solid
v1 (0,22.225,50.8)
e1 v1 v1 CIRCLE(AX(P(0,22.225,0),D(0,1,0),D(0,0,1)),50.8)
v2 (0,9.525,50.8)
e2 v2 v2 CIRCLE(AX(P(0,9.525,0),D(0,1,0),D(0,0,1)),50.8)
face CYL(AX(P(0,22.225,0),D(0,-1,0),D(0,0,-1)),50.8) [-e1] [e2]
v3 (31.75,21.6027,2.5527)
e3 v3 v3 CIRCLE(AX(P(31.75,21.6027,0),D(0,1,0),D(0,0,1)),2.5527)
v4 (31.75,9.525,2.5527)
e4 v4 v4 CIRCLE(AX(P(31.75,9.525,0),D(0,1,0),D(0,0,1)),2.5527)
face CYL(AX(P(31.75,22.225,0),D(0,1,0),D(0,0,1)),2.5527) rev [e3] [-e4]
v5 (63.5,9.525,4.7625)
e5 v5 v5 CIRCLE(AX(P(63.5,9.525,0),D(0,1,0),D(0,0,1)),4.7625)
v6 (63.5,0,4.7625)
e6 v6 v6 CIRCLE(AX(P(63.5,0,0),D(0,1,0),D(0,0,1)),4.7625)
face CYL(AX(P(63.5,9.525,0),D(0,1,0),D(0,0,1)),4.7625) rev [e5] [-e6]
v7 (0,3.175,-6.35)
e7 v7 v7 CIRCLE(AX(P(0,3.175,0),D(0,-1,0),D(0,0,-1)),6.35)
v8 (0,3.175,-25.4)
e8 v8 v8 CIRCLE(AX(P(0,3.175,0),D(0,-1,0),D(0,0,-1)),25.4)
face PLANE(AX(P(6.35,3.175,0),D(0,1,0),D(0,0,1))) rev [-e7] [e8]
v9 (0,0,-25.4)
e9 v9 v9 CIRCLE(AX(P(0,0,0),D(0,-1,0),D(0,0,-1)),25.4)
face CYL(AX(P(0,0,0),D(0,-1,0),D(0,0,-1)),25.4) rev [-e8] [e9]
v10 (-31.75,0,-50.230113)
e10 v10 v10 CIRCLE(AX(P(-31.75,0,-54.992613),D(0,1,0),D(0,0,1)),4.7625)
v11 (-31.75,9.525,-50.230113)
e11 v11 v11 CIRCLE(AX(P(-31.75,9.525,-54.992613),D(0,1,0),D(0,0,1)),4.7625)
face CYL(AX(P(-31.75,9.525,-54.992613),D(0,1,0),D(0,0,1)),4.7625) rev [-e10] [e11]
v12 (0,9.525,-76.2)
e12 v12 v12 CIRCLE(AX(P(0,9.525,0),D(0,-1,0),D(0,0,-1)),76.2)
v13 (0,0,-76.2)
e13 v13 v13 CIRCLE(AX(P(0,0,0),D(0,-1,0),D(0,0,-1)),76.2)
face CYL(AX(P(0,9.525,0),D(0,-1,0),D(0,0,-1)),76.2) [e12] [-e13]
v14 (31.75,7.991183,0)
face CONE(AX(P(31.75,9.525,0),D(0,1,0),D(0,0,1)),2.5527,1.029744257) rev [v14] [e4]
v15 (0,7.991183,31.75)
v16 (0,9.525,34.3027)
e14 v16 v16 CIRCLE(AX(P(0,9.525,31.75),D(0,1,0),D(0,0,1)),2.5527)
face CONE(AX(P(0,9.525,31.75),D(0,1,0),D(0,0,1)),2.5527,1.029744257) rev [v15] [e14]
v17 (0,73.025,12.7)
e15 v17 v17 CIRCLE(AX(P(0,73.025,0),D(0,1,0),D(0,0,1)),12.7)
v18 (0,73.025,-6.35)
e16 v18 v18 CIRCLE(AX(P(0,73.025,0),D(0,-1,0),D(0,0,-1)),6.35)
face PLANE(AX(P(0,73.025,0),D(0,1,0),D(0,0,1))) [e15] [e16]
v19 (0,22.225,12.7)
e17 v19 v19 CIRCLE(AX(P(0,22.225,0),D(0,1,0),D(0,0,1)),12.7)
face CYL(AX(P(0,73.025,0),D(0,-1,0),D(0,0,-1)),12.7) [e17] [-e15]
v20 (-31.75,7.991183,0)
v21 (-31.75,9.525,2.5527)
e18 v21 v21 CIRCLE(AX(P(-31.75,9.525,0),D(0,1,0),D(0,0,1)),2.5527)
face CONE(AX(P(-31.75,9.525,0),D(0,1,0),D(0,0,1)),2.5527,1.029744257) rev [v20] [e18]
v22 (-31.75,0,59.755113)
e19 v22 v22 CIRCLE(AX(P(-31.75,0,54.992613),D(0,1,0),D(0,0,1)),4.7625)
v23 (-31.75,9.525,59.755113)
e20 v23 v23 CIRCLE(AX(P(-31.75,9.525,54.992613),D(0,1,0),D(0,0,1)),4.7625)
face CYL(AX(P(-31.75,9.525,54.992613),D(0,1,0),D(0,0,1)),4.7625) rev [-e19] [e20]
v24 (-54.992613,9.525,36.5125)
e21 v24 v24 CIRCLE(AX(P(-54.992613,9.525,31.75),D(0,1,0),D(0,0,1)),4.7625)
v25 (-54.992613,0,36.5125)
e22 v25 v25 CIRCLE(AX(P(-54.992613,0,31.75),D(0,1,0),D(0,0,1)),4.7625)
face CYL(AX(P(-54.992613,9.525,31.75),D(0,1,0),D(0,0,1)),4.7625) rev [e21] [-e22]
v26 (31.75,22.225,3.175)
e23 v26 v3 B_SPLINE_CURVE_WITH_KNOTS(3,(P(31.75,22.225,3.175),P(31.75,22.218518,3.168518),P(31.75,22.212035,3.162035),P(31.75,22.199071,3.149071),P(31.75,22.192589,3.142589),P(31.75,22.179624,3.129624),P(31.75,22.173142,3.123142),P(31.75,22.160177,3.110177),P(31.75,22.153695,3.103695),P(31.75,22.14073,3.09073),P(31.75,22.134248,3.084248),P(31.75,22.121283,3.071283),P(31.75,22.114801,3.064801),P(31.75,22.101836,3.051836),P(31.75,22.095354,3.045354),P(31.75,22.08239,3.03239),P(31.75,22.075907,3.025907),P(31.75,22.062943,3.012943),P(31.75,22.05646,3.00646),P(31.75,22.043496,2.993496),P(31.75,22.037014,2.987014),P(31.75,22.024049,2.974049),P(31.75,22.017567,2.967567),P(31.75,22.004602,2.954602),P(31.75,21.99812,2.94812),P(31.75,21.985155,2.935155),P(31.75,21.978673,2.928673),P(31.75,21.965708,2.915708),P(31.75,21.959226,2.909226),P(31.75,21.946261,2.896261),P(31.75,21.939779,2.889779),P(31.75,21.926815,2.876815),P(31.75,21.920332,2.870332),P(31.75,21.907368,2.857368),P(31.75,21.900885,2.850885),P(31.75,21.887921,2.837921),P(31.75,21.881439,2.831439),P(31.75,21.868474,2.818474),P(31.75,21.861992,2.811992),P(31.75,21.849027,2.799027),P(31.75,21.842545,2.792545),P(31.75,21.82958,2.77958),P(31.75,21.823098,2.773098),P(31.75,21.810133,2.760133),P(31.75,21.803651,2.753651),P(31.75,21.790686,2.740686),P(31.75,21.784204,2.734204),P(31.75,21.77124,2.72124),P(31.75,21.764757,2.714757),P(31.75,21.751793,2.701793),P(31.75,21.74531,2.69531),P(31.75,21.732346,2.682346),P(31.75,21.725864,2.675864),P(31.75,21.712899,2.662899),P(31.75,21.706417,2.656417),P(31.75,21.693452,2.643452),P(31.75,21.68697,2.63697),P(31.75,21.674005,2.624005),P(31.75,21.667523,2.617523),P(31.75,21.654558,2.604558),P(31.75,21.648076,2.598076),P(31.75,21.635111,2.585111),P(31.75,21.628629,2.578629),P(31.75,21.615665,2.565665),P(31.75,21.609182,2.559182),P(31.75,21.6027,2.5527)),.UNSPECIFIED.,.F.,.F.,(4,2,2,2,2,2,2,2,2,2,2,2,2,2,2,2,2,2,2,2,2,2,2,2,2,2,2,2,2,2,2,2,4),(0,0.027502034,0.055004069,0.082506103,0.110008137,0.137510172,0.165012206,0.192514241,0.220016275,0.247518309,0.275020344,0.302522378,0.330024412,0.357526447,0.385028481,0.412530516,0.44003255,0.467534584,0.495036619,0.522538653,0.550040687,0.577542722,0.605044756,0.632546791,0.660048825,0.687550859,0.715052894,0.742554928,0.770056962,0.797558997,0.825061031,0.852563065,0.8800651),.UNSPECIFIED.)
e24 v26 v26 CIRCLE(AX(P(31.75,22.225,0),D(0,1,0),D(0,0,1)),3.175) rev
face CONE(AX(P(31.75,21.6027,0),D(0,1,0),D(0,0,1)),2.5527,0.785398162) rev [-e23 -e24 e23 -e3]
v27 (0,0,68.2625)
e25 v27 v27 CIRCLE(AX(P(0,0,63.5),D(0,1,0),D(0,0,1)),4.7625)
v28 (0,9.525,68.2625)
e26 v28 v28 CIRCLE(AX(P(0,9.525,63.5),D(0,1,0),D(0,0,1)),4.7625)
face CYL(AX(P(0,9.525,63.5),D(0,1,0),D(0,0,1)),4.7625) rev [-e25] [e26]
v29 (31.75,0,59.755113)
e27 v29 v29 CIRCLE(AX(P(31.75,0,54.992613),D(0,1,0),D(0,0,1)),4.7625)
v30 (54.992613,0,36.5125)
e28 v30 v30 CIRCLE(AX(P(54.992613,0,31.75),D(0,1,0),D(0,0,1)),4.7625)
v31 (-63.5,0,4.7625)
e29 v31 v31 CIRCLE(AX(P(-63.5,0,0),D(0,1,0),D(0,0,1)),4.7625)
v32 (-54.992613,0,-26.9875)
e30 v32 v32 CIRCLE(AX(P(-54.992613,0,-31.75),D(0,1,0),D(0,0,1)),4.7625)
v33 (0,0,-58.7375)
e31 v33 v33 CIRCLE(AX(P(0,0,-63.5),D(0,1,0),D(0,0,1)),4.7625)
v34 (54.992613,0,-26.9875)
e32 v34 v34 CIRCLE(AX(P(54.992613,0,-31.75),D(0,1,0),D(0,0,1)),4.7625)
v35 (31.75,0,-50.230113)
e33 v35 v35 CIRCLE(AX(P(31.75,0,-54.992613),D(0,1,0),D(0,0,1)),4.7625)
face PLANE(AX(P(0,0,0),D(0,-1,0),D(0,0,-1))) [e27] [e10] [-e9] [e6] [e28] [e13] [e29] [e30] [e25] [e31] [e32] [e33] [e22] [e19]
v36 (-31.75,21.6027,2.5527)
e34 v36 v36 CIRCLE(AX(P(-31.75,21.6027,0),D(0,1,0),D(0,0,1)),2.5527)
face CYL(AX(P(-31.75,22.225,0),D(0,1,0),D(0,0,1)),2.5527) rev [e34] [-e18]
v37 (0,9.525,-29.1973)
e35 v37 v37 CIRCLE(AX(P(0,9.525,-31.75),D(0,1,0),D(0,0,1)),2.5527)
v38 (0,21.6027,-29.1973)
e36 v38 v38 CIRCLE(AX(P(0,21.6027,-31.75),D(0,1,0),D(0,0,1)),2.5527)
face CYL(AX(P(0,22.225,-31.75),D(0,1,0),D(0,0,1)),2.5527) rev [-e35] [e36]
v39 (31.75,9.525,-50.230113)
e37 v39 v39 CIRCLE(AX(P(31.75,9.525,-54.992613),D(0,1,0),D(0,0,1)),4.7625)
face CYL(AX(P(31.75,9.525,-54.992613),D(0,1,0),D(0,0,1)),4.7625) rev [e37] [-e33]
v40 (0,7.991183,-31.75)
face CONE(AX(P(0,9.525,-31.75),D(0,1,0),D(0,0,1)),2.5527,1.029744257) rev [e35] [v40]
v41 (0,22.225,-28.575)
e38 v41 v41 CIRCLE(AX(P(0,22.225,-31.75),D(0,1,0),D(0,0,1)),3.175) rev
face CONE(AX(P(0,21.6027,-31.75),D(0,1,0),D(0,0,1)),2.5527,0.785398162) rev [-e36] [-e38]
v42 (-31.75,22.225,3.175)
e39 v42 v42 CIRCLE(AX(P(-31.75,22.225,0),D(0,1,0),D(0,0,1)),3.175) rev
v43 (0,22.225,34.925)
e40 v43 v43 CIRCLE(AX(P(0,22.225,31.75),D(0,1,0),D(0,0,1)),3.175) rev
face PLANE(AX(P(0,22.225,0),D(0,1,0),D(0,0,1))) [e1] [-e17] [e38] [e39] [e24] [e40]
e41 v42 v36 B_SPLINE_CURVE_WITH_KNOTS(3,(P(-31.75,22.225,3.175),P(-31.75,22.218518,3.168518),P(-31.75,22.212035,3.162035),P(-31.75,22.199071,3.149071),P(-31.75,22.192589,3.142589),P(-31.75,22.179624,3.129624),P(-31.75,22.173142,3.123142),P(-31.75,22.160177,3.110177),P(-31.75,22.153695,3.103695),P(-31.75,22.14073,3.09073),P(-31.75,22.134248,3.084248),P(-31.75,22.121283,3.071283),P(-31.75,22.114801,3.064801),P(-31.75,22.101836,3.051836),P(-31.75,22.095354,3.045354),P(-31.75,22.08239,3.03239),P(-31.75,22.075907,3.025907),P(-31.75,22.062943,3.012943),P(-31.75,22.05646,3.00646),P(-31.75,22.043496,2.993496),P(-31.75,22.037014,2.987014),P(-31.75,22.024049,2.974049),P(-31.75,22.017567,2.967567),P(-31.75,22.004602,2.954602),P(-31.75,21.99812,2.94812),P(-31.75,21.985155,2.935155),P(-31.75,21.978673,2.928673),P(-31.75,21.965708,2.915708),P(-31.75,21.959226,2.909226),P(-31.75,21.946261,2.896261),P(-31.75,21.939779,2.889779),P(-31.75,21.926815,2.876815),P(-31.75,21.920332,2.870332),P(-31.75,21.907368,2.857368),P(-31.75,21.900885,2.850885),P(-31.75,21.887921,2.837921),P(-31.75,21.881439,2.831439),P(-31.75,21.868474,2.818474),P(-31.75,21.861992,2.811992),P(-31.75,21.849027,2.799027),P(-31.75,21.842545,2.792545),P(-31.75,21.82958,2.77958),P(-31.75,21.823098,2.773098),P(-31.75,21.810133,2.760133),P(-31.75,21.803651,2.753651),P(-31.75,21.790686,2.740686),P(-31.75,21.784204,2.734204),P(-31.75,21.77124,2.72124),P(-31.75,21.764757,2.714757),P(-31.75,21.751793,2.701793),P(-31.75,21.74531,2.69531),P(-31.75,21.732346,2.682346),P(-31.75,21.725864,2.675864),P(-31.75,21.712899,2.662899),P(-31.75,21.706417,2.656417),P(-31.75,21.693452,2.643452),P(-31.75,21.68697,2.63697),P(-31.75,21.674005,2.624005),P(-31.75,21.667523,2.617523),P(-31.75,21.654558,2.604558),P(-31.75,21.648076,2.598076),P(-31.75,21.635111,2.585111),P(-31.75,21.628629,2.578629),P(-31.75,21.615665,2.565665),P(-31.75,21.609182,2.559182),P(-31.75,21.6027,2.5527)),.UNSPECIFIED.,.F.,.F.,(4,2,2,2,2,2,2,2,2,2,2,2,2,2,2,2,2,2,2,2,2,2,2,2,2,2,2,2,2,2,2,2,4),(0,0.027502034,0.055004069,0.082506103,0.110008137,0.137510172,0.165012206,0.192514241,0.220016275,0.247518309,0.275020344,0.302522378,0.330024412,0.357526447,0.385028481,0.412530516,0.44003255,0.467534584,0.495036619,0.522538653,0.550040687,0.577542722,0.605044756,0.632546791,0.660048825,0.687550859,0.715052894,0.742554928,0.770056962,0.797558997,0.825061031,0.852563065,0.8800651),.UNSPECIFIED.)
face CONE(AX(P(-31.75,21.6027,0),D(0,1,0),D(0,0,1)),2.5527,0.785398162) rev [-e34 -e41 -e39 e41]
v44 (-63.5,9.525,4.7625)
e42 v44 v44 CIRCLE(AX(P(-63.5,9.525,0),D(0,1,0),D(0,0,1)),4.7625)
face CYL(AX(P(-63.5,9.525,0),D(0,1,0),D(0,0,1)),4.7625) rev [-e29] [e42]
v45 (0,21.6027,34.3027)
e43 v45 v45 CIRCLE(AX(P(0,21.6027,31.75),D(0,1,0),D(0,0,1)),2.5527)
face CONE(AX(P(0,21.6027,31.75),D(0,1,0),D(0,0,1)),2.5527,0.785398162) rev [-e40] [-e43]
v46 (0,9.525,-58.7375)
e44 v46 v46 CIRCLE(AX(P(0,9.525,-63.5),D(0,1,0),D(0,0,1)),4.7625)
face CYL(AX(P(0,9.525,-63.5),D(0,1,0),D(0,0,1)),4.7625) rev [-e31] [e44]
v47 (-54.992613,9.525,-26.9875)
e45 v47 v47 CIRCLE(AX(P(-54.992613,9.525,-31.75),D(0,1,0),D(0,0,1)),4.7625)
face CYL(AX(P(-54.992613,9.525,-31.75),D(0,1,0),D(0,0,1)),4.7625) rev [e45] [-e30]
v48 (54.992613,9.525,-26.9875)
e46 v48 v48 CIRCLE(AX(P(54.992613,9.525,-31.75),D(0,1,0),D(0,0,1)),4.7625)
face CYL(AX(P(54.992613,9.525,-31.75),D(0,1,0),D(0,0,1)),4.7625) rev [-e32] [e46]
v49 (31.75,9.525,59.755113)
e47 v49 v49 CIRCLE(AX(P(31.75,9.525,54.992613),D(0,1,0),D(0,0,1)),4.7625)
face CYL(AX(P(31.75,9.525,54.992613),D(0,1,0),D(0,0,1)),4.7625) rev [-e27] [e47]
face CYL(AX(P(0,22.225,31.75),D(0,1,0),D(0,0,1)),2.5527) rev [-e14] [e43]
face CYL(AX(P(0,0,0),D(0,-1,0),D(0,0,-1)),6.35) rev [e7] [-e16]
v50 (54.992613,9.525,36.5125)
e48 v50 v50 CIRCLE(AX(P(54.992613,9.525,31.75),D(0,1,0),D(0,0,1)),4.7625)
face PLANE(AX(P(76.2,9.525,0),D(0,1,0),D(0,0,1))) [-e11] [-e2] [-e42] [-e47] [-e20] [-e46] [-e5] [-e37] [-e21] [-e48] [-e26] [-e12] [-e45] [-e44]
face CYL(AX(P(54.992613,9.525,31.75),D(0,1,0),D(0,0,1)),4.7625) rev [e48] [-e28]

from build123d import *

# Parameters (mm, degrees)
SKETCH1_W                        = 76.2
SKETCH1_H                        = 9.525
SKETCH2_R                        = 50.8
BOSS_EXTRUDE1_DEPTH              = 12.7
SKETCH3_R                        = 12.7
BOSS_EXTRUDE2_DEPTH              = 50.8
F_3_8_0_375_DIAMETER_HOLE1_D     = 9.525
F_2_4_5_TAPPED_HOLE1_D           = 12.7
F_2_4_5_TAPPED_HOLE1_CBORE_D     = 50.8
F_2_4_5_TAPPED_HOLE1_CBORE_DEPTH = 3.175
F_7_0_201_DIAMETER_HOLE1_D       = 5.1054
F_7_0_201_DIAMETER_HOLE1_DEPTH   = 12.7
F_7_0_201_DIAMETER_HOLE1_TIP     = 1.533816902
CHAMFER1_SIZE                    = 0.622299999
CHAMFER1_SIZE2                   = 0.622300001


with BuildPart() as part:
    # Sketch1 → Revolve1 (revolve)
    with BuildSketch(Plane.XY, mode=Mode.PRIVATE) as revolve1_sk:
        with Locations((38.1, 4.7625)):
            Rectangle(SKETCH1_W, SKETCH1_H)
    revolve(revolve1_sk.sketch.rotate(Axis((0, 9.525, 0), (0, -1, 0)), 270), axis=Axis((0, 9.525, 0), (0, -1, 0)))

    # Sketch2 → Boss-Extrude1 (add)
    with BuildSketch(Plane(origin=(0, 9.525, 0), x_dir=(-1, 0, 0), z_dir=(0, 1, 0))):
        with Locations(Location((0, 0, 0), (0, 0, 90))):
            Circle(SKETCH2_R)
    extrude(amount=BOSS_EXTRUDE1_DEPTH)

    # Sketch3 → Boss-Extrude2 (add)
    with BuildSketch(Plane(origin=(0, 22.225, 0), x_dir=(-1, 0, 0), z_dir=(0, 1, 0))):
        with Locations(Location((0, 0, 0), (0, 0, 90))):
            Circle(SKETCH3_R)
    extrude(amount=BOSS_EXTRUDE2_DEPTH)

    # 3/8 (0.375) Diameter Hole1 (through all)
    with Locations(Plane(origin=(0, 9.525, 0), x_dir=(1, 0, 0), z_dir=(0, 1, 0))):
        with Locations((63.5, 0), (54.99261314, 31.75), (31.75, 54.99261314), (0, -63.5), (-31.75, -54.99261314), (-54.99261314, -31.75), (-63.5, 0), (-54.99261314, 31.75), (-31.75, 54.99261314), (0, 63.5), (31.75, -54.99261314), (54.99261314, -31.75)):
            Hole(F_3_8_0_375_DIAMETER_HOLE1_D / 2)

    # 2-4.5 Tapped Hole1 (through all)
    with Locations(Plane(origin=(0, 0, 0), x_dir=(-1, 0, 0), z_dir=(0, -1, 0))):
        with Locations((0, 0)):
            CounterBoreHole(F_2_4_5_TAPPED_HOLE1_D / 2, F_2_4_5_TAPPED_HOLE1_CBORE_D / 2, F_2_4_5_TAPPED_HOLE1_CBORE_DEPTH)

    # #7 (0.201) Diameter Hole1
    with Locations(Plane(origin=(0, 22.225, 0), x_dir=(1, 0, 0), z_dir=(0, 1, 0))):
        with Locations((31.75, 0), (0, -31.75), (0, 31.75), (-31.75, 0)):
            Hole(F_7_0_201_DIAMETER_HOLE1_D / 2, depth=F_7_0_201_DIAMETER_HOLE1_DEPTH)
            with Locations((0, 0, -(F_7_0_201_DIAMETER_HOLE1_DEPTH + F_7_0_201_DIAMETER_HOLE1_TIP / 2))):  # 118° drill point
                Cone(0, F_7_0_201_DIAMETER_HOLE1_D / 2, F_7_0_201_DIAMETER_HOLE1_TIP, mode=Mode.SUBTRACT)

    # Chamfer1
    chamfer1_edges = [part.edges().sort_by_distance(p)[0] for p in [
        (-29.1973, 22.225, 0),
        (2.5527, 22.225, -31.75),
        (2.5527, 22.225, 31.75),
        (34.3027, 22.225, 0),
    ]]
    chamfer1_side = [part.faces().sort_by_distance(p)[0] for p in [
        (0, 22.225, -49.363159021),
    ]]
    chamfer(chamfer1_edges, length=CHAMFER1_SIZE, length2=CHAMFER1_SIZE2, reference=chamfer1_side[0])


solid = part.part
